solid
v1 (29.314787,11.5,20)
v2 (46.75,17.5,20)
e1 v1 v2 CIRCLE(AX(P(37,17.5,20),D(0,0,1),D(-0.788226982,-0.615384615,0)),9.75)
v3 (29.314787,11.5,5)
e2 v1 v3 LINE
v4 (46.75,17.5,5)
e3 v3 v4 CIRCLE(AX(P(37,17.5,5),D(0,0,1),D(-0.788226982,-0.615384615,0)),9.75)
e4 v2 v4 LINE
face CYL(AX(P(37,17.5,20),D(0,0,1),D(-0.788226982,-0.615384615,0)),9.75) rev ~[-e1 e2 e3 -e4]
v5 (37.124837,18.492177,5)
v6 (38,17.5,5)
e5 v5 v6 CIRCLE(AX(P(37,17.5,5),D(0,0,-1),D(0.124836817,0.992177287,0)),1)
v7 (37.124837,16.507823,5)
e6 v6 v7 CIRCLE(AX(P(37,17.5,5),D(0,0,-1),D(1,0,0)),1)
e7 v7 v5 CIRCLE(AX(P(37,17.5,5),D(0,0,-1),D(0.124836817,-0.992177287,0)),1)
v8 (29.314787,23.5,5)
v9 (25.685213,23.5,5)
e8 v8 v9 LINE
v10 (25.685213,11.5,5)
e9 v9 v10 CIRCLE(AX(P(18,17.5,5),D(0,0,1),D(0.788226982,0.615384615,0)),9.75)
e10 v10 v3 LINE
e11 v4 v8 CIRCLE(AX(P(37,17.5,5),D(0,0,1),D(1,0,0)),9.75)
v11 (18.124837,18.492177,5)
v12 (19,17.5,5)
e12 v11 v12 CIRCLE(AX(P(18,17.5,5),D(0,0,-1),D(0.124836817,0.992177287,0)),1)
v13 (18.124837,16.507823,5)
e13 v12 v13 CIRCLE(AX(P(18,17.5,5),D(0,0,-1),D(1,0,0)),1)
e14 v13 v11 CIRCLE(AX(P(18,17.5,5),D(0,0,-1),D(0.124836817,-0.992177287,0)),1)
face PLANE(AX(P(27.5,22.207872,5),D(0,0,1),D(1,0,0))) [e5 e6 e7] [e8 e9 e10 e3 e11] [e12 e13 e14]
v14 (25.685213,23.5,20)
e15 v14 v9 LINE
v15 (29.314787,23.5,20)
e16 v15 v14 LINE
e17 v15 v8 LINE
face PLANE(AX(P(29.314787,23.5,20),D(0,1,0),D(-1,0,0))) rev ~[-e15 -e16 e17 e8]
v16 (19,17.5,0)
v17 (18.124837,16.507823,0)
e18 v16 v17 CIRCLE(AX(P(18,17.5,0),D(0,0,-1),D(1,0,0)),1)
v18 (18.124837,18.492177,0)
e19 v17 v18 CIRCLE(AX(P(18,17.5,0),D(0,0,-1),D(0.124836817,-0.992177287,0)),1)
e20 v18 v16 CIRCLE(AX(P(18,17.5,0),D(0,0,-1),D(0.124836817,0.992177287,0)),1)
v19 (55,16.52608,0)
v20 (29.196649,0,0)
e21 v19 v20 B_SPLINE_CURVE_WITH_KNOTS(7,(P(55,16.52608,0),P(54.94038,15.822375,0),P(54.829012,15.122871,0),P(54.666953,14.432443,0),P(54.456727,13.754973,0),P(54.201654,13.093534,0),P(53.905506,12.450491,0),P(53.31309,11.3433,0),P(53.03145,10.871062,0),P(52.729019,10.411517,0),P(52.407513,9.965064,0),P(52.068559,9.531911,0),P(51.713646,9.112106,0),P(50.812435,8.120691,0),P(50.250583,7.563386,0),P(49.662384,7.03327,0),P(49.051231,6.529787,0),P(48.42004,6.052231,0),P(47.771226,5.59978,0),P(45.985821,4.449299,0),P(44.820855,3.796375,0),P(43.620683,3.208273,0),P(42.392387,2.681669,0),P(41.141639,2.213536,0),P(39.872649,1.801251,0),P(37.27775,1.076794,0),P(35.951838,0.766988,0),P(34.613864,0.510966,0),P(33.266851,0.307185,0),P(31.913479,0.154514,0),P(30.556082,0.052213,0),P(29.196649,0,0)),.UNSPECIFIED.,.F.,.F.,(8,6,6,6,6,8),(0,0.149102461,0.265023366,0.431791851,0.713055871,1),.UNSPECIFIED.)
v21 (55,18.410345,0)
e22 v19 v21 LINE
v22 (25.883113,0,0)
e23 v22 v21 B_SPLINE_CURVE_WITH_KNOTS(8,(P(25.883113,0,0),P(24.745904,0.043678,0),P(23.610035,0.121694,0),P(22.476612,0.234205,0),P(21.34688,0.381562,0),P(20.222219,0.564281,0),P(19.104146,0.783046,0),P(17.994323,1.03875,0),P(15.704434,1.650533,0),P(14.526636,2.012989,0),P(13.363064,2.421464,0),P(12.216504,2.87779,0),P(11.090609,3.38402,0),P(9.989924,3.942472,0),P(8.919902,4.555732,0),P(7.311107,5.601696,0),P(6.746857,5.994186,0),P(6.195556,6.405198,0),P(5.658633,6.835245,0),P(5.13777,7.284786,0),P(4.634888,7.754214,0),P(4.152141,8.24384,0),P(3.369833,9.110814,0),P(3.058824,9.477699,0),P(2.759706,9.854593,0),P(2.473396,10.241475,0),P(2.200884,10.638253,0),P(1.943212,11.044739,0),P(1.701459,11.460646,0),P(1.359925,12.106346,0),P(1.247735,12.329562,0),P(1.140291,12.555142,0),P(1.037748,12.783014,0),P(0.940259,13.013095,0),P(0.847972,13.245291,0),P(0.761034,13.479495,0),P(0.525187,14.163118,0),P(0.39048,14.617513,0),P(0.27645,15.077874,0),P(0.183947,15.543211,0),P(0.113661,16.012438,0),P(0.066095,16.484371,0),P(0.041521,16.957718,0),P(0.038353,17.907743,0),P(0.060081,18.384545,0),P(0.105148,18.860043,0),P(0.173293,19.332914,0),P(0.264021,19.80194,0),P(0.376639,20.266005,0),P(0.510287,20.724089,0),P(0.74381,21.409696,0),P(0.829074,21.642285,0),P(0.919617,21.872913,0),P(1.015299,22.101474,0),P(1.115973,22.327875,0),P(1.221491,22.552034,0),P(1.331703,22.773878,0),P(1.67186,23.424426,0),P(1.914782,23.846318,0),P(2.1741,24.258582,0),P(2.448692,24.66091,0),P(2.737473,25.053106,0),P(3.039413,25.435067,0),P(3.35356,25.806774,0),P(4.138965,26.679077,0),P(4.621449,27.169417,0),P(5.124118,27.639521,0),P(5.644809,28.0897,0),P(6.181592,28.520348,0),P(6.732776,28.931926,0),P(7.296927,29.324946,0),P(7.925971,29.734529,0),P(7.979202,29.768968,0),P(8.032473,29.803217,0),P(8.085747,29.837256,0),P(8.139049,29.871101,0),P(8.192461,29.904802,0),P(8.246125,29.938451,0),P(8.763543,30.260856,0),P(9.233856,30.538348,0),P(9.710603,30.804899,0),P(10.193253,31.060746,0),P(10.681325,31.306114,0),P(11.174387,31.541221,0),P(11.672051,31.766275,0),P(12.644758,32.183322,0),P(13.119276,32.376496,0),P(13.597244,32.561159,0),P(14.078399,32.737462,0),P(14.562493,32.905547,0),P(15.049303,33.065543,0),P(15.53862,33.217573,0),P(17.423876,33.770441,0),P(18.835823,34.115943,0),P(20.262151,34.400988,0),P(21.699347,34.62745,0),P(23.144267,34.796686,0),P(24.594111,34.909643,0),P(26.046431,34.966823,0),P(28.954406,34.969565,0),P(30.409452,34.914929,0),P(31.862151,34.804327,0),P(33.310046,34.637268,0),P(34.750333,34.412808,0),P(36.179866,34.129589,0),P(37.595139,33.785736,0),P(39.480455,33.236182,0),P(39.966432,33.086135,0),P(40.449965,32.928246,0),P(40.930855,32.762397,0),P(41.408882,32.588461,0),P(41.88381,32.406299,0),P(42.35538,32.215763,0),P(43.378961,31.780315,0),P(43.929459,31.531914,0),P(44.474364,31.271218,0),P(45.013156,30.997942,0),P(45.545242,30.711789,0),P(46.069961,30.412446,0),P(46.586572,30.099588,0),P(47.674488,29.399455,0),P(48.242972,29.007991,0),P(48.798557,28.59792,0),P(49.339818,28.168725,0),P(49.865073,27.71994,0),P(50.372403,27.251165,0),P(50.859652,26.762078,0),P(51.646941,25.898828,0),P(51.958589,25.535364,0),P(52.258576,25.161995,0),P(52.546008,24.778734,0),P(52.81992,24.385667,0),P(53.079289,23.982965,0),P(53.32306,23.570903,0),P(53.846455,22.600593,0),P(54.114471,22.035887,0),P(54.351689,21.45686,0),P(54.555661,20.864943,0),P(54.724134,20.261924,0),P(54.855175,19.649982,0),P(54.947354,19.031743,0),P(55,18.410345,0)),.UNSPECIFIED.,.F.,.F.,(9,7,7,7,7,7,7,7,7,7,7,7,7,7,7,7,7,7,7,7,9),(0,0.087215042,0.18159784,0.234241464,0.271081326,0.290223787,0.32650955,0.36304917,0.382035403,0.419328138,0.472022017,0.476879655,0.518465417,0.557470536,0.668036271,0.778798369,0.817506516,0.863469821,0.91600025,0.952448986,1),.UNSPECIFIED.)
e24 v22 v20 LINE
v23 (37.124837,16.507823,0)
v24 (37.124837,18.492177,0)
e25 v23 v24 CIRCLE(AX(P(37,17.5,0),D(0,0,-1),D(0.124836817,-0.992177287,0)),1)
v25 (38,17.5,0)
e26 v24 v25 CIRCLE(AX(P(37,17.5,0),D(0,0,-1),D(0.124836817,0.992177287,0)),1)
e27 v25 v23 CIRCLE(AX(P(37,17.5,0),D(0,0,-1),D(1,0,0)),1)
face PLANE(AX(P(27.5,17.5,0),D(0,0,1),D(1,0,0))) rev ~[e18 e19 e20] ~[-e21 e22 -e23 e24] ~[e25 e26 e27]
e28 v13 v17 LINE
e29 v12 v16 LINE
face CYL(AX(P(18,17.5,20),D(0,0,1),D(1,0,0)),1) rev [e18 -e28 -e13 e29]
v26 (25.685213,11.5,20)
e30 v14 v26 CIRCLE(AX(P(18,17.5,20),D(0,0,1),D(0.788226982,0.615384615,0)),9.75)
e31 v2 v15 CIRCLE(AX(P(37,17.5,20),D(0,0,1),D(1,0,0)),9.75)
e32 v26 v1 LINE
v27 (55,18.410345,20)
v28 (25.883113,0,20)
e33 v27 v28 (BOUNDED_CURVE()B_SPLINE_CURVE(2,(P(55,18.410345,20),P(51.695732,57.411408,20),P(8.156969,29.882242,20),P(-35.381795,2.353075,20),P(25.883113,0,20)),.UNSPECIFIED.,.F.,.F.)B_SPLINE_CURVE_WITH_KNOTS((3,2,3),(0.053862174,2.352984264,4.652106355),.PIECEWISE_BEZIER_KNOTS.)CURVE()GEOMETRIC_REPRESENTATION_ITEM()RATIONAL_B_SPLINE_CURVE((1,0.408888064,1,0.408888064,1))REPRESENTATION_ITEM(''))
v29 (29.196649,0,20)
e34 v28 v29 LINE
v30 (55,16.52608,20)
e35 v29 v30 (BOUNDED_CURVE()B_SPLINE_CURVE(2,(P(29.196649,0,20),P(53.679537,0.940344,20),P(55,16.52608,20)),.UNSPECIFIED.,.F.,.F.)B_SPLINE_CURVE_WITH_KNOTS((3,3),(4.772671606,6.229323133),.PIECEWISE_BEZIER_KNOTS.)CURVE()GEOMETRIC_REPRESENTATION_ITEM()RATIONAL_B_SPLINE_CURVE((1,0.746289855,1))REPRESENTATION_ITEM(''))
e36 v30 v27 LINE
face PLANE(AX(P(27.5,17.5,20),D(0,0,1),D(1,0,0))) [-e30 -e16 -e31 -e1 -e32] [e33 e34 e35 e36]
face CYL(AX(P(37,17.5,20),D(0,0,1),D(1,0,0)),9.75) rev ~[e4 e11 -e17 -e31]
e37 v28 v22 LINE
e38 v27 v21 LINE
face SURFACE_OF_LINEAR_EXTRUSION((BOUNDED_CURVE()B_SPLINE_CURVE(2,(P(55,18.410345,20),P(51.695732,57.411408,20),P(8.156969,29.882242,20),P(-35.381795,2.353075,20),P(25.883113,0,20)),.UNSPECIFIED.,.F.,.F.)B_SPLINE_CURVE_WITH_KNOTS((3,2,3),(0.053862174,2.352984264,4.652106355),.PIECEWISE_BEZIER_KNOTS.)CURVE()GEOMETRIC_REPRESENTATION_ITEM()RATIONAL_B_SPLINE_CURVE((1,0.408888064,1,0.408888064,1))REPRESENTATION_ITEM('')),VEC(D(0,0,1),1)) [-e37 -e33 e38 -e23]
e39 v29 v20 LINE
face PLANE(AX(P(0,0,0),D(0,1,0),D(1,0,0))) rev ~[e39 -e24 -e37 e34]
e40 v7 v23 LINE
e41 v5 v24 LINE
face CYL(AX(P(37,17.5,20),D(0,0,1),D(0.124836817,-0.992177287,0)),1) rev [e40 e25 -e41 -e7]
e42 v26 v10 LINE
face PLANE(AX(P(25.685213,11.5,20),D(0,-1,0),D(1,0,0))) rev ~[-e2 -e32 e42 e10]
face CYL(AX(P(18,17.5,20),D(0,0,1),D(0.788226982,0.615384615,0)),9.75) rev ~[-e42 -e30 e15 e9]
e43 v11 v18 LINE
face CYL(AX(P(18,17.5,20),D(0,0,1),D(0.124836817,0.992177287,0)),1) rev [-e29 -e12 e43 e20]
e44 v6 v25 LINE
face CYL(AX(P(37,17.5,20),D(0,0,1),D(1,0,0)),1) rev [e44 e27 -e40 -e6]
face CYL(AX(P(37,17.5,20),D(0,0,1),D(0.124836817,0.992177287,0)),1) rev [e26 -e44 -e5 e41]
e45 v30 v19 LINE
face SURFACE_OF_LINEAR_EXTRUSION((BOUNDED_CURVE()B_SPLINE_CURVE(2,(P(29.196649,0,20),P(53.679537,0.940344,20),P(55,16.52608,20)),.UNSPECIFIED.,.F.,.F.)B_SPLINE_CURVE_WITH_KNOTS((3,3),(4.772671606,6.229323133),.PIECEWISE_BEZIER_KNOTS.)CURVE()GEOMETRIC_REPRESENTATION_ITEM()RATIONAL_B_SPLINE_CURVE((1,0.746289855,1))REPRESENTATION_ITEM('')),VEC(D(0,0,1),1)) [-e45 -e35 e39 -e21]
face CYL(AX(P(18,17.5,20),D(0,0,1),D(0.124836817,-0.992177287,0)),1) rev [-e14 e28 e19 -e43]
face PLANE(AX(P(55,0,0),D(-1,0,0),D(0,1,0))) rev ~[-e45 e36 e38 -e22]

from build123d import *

# Parameters (mm, degrees)
F0_W     = 55
F0_H     = 35
F1_DEPTH = 20
F3_DEPTH = 15
F4_DEPTH = 20
F6_DEPTH = 25


with BuildPart() as f1:
    # F0 (on Top) → F1 (new body)
    with BuildSketch(Plane.XY):
        with Locations((27.5, 17.5)):
            Rectangle(F0_W, F0_H)
    extrude(amount=F1_DEPTH)

    # F2 (on face) → F3 (cut)
    with BuildSketch(Plane.XY.offset(20)):
        with BuildLine():
            ThreePointArc((25.6852130745, 23.5), (26.8008402334, 21.6961543331), (27.5, 19.6937410968))
            ThreePointArc((27.5, 19.6937410968), (28.1991597666, 21.6961543331), (29.3147869255, 23.5))
            Line((29.3147869255, 23.5), (25.6852130745, 23.5))
        make_face()
        with BuildLine():
            ThreePointArc((27.5, 15.3062589032), (27.687298385, 16.3960298917), (27.75, 17.5))
            ThreePointArc((27.75, 17.5), (27.687298385, 18.6039701083), (27.5, 19.6937410968))
            ThreePointArc((27.5, 19.6937410968), (27.25, 17.5), (27.5, 15.3062589032))
        make_face()
        with BuildLine():
            ThreePointArc((27.5, 15.3062589032), (27.25, 17.5), (27.5, 19.6937410968))
            ThreePointArc((27.5, 19.6937410968), (26.8008402334, 21.6961543331), (25.6852130745, 23.5))
            Line((25.6852130745, 23.5), (18.1248368174, 23.5))
            Line((18.1248368174, 23.5), (18.1248368174, 18.4921772871))
            ThreePointArc((18.1248368174, 18.4921772871), (18.7499456038, 18.1614995021), (19, 17.5))
            ThreePointArc((19, 17.5), (18.7499456038, 16.8385004979), (18.1248368174, 16.5078227129))
            Line((18.1248368174, 16.5078227129), (18.1248368174, 11.5))
            Line((18.1248368174, 11.5), (25.6852130745, 11.5))
            ThreePointArc((25.6852130745, 11.5), (26.8008402334, 13.3038456669), (27.5, 15.3062589032))
        make_face()
        with BuildLine():
            Line((18.1248368174, 23.5), (25.6852130745, 23.5))
            ThreePointArc((25.6852130745, 23.5), (8.25, 17.5), (25.6852130745, 11.5))
            Line((25.6852130745, 11.5), (18.1248368174, 11.5))
            Line((18.1248368174, 11.5), (18.1248368174, 16.5078227129))
            ThreePointArc((18.1248368174, 16.5078227129), (17, 17.5), (18.1248368174, 18.4921772871))
            Line((18.1248368174, 18.4921772871), (18.1248368174, 23.5))
        make_face()
        with BuildLine():
            ThreePointArc((27.5, 19.6937410968), (27.687298385, 18.6039701083), (27.75, 17.5))
            ThreePointArc((27.75, 17.5), (27.687298385, 16.3960298917), (27.5, 15.3062589032))
            ThreePointArc((27.5, 15.3062589032), (28.1991597666, 13.3038456669), (29.3147869255, 11.5))
            Line((29.3147869255, 11.5), (37.1248368174, 11.5))
            Line((37.1248368174, 11.5), (37.1248368174, 16.5078227129))
            ThreePointArc((37.1248368174, 16.5078227129), (36, 17.5), (37.1248368174, 18.4921772871))
            Line((37.1248368174, 18.4921772871), (37.1248368174, 23.5))
            Line((37.1248368174, 23.5), (29.3147869255, 23.5))
            ThreePointArc((29.3147869255, 23.5), (28.1991597666, 21.6961543331), (27.5, 19.6937410968))
        make_face()
        with BuildLine():
            ThreePointArc((29.3147869255, 11.5), (28.1991597666, 13.3038456669), (27.5, 15.3062589032))
            ThreePointArc((27.5, 15.3062589032), (26.8008402334, 13.3038456669), (25.6852130745, 11.5))
            Line((25.6852130745, 11.5), (29.3147869255, 11.5))
        make_face()
        with BuildLine():
            ThreePointArc((46.75, 17.5), (40.1726702101, 26.7193635213), (29.3147869255, 23.5))
            Line((29.3147869255, 23.5), (37.1248368174, 23.5))
            Line((37.1248368174, 23.5), (37.1248368174, 18.4921772871))
            ThreePointArc((37.1248368174, 18.4921772871), (37.7499456038, 18.1614995021), (38, 17.5))
            ThreePointArc((38, 17.5), (37.7499456038, 16.8385004979), (37.1248368174, 16.5078227129))
            Line((37.1248368174, 16.5078227129), (37.1248368174, 11.5))
            Line((37.1248368174, 11.5), (29.3147869255, 11.5))
            ThreePointArc((29.3147869255, 11.5), (40.1726702101, 8.2806364787), (46.75, 17.5))
        make_face()
    extrude(amount=-F3_DEPTH, mode=Mode.SUBTRACT)

    # F4 (cut): faces of the model
    f4_faces = [f1.faces().sort_by_distance(p)[0] for p in [
        (18, 17.5, 20),
        (37, 17.5, 20),
    ]]
    extrude(f4_faces, amount=-F4_DEPTH, mode=Mode.SUBTRACT)

    # F5 (on face) → F6 (cut)
    with BuildSketch(Plane.XY.offset(20)):
        with BuildLine():
            add(Edge.make_bspline(
                [(55, 18.4103445183), (51.6957322132, 57.4114078131), (8.1569687974, 29.882241531), (-35.3817946184, 2.3530752488), (25.883112617, 0)],
                knots=[0.0538621738, 0.0538621738, 0.0538621738, 2.3529842643, 2.3529842643, 4.6521063548, 4.6521063548, 4.6521063548], degree=2, weights=[1, 0.4088880636, 1, 0.4088880636, 1]))
            Line((55, 18.4103445183), (55, 35))
            Line((55, 35), (0, 35))
            Line((0, 35), (0, 0))
            Line((0, 0), (25.883112617, 0))
        make_face()
        with BuildLine():
            Line((55, 0), (55, 16.5260798265))
            add(Edge.make_bspline(
                [(29.1966492756, 0), (53.6795374022, 0.9403438391), (55, 16.5260798265)],
                knots=[4.7726716059, 4.7726716059, 4.7726716059, 6.2293231333, 6.2293231333, 6.2293231333], degree=2, weights=[1, 0.7462898548, 1]))
            Line((29.1966492756, 0), (55, 0))
        make_face()
    extrude(amount=-F6_DEPTH, mode=Mode.SUBTRACT)


solid = f1.part
